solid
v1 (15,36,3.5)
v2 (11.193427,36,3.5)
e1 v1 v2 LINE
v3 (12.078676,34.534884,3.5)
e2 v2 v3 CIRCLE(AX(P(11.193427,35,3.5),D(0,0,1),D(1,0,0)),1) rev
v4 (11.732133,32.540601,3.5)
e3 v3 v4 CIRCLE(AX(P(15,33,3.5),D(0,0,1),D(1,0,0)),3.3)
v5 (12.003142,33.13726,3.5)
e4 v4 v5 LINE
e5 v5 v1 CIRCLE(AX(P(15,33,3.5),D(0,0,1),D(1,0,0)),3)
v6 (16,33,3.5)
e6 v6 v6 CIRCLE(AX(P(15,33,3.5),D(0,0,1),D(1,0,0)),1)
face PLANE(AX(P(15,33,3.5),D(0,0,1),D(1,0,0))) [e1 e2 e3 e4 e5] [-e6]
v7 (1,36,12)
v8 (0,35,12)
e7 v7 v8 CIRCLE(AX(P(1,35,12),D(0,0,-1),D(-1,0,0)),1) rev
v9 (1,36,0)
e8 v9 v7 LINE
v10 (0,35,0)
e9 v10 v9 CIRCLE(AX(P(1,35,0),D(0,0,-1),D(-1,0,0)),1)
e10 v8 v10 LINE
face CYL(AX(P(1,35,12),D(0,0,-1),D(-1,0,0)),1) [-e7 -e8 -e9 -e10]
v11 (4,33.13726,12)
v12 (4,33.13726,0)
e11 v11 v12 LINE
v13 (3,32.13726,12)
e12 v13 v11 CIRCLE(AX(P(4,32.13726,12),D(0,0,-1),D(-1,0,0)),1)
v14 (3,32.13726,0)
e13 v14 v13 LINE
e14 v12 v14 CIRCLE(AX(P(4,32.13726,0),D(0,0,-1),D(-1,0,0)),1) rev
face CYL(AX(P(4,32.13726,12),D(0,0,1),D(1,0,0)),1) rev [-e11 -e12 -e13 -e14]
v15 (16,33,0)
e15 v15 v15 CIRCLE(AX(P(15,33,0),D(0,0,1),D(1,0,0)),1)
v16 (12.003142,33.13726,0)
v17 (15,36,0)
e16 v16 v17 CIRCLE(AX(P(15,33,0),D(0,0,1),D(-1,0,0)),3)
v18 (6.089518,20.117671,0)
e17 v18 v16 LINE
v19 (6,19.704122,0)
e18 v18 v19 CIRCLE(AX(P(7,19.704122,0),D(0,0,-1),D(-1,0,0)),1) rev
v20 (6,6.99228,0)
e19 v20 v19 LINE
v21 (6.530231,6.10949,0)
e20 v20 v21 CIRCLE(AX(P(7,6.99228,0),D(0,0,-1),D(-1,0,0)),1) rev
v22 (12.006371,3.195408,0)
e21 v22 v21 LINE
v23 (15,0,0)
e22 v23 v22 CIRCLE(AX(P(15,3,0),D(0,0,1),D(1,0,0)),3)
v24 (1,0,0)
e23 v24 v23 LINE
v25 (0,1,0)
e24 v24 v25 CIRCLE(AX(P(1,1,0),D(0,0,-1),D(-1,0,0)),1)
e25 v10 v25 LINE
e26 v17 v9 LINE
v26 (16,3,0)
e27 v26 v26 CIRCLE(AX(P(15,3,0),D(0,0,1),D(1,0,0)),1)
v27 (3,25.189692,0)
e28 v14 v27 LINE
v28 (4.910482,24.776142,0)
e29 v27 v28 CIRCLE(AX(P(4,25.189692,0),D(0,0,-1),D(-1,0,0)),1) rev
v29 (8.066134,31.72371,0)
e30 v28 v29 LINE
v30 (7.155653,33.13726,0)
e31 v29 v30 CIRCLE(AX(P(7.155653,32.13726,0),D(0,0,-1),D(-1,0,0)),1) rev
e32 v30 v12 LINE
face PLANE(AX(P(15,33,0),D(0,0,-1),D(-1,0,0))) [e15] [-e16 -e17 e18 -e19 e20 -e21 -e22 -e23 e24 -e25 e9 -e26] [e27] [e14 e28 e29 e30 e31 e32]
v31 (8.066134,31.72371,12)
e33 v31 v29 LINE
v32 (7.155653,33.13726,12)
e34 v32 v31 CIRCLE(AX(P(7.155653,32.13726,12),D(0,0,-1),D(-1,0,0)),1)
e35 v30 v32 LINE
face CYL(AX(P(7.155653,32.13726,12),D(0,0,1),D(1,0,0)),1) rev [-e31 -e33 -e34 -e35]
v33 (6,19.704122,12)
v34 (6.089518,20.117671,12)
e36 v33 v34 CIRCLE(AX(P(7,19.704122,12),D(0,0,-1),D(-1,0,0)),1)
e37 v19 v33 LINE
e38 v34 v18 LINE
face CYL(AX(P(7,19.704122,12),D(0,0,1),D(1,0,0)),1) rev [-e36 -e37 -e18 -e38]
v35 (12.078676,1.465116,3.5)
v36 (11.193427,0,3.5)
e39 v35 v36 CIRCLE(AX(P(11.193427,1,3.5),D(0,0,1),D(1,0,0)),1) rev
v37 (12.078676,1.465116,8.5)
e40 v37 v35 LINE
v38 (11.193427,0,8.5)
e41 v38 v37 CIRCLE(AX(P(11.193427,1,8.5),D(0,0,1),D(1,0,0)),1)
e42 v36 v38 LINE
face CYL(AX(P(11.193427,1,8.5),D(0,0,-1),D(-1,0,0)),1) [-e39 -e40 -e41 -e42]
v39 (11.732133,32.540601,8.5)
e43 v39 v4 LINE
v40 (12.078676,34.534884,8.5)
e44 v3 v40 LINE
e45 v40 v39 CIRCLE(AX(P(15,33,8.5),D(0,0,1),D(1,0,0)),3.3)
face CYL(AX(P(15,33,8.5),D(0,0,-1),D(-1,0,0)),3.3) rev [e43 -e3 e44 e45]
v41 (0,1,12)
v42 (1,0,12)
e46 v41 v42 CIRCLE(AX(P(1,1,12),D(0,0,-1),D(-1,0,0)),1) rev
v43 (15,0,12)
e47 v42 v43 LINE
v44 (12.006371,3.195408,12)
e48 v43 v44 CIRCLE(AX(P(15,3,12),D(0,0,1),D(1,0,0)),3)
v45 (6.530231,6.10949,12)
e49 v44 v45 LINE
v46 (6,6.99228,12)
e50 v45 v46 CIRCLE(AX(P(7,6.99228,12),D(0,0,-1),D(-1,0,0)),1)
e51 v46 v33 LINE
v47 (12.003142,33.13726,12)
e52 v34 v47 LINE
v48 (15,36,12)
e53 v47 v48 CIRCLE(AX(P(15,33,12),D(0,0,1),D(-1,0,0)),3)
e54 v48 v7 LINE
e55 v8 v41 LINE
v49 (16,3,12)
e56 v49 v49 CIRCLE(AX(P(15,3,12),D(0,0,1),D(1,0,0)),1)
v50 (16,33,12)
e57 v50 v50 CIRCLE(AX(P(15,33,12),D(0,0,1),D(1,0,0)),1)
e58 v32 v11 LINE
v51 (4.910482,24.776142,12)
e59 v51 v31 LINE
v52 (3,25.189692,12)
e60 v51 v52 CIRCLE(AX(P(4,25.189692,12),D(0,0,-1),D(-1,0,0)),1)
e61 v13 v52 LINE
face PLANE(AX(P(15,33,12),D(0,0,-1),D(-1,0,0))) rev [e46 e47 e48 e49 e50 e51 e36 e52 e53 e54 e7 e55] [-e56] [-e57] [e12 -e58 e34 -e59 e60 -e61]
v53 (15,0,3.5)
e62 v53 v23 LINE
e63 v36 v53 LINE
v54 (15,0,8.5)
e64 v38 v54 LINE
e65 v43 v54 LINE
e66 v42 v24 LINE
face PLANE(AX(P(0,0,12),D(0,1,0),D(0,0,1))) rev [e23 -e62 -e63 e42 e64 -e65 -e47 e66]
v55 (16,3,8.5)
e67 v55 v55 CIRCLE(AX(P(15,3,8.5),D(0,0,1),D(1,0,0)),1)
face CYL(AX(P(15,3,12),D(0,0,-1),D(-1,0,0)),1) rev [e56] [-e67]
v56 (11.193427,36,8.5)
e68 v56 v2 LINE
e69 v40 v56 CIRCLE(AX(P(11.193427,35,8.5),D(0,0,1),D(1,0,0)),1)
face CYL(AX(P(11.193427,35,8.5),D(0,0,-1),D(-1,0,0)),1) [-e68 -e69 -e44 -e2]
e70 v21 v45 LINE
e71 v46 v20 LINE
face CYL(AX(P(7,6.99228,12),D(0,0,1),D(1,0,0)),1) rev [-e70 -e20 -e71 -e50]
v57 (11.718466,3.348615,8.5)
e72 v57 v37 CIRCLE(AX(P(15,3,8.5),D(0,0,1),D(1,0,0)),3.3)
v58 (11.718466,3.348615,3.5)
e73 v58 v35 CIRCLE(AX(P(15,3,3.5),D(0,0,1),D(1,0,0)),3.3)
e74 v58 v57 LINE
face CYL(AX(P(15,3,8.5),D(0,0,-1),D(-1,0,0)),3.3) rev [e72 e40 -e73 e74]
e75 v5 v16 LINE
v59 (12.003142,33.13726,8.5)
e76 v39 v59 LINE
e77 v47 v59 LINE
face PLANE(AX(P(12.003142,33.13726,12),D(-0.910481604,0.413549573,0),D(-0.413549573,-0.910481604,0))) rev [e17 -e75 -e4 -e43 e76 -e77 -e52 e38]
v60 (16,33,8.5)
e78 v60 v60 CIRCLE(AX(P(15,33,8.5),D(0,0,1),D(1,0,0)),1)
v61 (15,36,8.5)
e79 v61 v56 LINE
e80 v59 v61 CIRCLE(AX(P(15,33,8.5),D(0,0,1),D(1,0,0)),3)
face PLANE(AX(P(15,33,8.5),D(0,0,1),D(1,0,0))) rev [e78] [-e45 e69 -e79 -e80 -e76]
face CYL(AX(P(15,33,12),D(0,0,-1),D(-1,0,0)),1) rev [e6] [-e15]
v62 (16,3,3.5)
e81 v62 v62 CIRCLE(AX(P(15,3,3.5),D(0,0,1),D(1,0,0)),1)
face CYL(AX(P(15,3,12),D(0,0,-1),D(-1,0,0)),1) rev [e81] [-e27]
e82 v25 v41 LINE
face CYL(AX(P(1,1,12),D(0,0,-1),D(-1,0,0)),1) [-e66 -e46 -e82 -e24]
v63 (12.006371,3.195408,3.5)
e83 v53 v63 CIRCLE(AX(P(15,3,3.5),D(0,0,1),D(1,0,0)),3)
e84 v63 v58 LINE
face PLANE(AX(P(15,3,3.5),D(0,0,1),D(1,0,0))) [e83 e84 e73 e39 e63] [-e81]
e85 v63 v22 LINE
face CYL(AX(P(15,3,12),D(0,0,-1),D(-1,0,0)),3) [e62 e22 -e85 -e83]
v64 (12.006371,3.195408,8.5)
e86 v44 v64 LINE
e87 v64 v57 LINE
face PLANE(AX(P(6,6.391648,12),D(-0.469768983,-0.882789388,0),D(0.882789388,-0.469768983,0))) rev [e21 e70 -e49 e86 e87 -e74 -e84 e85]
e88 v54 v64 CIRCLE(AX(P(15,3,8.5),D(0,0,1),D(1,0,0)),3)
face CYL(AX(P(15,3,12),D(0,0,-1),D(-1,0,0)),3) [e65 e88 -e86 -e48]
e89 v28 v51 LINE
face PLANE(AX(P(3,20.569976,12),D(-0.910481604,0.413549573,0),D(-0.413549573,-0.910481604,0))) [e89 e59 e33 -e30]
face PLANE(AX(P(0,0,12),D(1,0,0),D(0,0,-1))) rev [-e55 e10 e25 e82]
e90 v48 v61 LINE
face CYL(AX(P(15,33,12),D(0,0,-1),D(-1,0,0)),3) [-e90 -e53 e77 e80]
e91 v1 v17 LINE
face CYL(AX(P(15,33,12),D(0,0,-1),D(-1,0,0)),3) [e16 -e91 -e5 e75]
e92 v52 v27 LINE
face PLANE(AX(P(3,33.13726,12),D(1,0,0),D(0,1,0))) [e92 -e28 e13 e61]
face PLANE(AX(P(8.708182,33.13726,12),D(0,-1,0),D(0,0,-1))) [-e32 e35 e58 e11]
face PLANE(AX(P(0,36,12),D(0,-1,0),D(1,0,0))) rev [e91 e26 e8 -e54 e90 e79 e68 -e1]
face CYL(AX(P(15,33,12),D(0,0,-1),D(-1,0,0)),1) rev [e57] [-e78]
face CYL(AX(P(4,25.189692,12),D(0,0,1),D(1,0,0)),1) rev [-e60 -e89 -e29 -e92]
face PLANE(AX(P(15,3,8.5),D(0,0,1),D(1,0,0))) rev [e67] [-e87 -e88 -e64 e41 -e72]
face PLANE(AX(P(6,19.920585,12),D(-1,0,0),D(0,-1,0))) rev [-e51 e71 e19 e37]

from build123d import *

# Parameters (mm, degrees)
SKETCH1_R               = 1
BOSS_EXTRUDE1_DEPTH     = 12
SKETCH2_R               = 3.3
CUT_EXTRUDE1_DEPTH      = 2.5
CUT_EXTRUDE1_DEPTH_BACK = 2.5
FILLET1_R               = 1
FILLET2_R               = 1
FILLET3_R               = 1
FILLET4_R               = 1


with BuildPart() as part:
    # Sketch1 → Boss-Extrude1 (new body)
    with BuildSketch(Plane.XY):
        with BuildLine():
            Line((0, 0), (15, 0))
            ThreePointArc((15, 0), (17.189317787, 5.051069873), (12.006370829, 3.19540825))
            Line((12.006370829, 3.19540825), (6, 6.391648207))
            Line((6, 6.391648207), (6, 19.92058514))
            Line((6, 19.92058514), (12.003141677, 33.137259573))
            ThreePointArc((12.003141677, 33.137259573), (17.072223598, 30.830693807), (15, 36))
            Line((15, 36), (0, 36))
            Line((0, 36), (0, 0))
        make_face()
        with Locations((15, 33)):
            Circle(SKETCH1_R, mode=Mode.SUBTRACT)
        with Locations((15, 3)):
            Circle(SKETCH1_R, mode=Mode.SUBTRACT)
        Polygon((8.708182188, 33.137259573), (3, 33.137259573), (3, 20.569975699), align=None, mode=Mode.SUBTRACT)
    extrude(amount=BOSS_EXTRUDE1_DEPTH)

    # Sketch2 → Cut-Extrude1 (cut, two sides)
    with BuildSketch(Plane.XY.offset(6)) as cut_extrude1_sk:
        with Locations((15, 33)):
            Circle(SKETCH2_R)
        with Locations((15, 3)):
            Circle(SKETCH2_R)
    extrude(amount=CUT_EXTRUDE1_DEPTH, mode=Mode.SUBTRACT)
    extrude(cut_extrude1_sk.sketch, amount=-CUT_EXTRUDE1_DEPTH_BACK, mode=Mode.SUBTRACT)

    # Fillet1
    fillet1_edges = [part.edges().sort_by_distance(p)[0] for p in [
        (0, 36, 6),
        (0, 0, 6),
    ]]
    fillet(fillet1_edges, radius=FILLET1_R)

    # Fillet2
    fillet2_edges = [part.edges().sort_by_distance(p)[0] for p in [
        (6, 19.92058514, 6),
        (6, 6.391648207, 6),
    ]]
    fillet(fillet2_edges, radius=FILLET2_R)

    # Fillet3
    fillet3_edges = [part.edges().sort_by_distance(p)[0] for p in [
        (13.625227292, 36, 6),
        (13.625227292, 0, 6),
    ]]
    fillet(fillet3_edges, radius=FILLET3_R)

    # Fillet4
    fillet4_edges = [part.edges().sort_by_distance(p)[0] for p in [
        (3, 20.569975699, 6),
        (8.708182188, 33.137259573, 6),
        (3, 33.137259573, 6),
    ]]
    fillet(fillet4_edges, radius=FILLET4_R)


solid = part.part
